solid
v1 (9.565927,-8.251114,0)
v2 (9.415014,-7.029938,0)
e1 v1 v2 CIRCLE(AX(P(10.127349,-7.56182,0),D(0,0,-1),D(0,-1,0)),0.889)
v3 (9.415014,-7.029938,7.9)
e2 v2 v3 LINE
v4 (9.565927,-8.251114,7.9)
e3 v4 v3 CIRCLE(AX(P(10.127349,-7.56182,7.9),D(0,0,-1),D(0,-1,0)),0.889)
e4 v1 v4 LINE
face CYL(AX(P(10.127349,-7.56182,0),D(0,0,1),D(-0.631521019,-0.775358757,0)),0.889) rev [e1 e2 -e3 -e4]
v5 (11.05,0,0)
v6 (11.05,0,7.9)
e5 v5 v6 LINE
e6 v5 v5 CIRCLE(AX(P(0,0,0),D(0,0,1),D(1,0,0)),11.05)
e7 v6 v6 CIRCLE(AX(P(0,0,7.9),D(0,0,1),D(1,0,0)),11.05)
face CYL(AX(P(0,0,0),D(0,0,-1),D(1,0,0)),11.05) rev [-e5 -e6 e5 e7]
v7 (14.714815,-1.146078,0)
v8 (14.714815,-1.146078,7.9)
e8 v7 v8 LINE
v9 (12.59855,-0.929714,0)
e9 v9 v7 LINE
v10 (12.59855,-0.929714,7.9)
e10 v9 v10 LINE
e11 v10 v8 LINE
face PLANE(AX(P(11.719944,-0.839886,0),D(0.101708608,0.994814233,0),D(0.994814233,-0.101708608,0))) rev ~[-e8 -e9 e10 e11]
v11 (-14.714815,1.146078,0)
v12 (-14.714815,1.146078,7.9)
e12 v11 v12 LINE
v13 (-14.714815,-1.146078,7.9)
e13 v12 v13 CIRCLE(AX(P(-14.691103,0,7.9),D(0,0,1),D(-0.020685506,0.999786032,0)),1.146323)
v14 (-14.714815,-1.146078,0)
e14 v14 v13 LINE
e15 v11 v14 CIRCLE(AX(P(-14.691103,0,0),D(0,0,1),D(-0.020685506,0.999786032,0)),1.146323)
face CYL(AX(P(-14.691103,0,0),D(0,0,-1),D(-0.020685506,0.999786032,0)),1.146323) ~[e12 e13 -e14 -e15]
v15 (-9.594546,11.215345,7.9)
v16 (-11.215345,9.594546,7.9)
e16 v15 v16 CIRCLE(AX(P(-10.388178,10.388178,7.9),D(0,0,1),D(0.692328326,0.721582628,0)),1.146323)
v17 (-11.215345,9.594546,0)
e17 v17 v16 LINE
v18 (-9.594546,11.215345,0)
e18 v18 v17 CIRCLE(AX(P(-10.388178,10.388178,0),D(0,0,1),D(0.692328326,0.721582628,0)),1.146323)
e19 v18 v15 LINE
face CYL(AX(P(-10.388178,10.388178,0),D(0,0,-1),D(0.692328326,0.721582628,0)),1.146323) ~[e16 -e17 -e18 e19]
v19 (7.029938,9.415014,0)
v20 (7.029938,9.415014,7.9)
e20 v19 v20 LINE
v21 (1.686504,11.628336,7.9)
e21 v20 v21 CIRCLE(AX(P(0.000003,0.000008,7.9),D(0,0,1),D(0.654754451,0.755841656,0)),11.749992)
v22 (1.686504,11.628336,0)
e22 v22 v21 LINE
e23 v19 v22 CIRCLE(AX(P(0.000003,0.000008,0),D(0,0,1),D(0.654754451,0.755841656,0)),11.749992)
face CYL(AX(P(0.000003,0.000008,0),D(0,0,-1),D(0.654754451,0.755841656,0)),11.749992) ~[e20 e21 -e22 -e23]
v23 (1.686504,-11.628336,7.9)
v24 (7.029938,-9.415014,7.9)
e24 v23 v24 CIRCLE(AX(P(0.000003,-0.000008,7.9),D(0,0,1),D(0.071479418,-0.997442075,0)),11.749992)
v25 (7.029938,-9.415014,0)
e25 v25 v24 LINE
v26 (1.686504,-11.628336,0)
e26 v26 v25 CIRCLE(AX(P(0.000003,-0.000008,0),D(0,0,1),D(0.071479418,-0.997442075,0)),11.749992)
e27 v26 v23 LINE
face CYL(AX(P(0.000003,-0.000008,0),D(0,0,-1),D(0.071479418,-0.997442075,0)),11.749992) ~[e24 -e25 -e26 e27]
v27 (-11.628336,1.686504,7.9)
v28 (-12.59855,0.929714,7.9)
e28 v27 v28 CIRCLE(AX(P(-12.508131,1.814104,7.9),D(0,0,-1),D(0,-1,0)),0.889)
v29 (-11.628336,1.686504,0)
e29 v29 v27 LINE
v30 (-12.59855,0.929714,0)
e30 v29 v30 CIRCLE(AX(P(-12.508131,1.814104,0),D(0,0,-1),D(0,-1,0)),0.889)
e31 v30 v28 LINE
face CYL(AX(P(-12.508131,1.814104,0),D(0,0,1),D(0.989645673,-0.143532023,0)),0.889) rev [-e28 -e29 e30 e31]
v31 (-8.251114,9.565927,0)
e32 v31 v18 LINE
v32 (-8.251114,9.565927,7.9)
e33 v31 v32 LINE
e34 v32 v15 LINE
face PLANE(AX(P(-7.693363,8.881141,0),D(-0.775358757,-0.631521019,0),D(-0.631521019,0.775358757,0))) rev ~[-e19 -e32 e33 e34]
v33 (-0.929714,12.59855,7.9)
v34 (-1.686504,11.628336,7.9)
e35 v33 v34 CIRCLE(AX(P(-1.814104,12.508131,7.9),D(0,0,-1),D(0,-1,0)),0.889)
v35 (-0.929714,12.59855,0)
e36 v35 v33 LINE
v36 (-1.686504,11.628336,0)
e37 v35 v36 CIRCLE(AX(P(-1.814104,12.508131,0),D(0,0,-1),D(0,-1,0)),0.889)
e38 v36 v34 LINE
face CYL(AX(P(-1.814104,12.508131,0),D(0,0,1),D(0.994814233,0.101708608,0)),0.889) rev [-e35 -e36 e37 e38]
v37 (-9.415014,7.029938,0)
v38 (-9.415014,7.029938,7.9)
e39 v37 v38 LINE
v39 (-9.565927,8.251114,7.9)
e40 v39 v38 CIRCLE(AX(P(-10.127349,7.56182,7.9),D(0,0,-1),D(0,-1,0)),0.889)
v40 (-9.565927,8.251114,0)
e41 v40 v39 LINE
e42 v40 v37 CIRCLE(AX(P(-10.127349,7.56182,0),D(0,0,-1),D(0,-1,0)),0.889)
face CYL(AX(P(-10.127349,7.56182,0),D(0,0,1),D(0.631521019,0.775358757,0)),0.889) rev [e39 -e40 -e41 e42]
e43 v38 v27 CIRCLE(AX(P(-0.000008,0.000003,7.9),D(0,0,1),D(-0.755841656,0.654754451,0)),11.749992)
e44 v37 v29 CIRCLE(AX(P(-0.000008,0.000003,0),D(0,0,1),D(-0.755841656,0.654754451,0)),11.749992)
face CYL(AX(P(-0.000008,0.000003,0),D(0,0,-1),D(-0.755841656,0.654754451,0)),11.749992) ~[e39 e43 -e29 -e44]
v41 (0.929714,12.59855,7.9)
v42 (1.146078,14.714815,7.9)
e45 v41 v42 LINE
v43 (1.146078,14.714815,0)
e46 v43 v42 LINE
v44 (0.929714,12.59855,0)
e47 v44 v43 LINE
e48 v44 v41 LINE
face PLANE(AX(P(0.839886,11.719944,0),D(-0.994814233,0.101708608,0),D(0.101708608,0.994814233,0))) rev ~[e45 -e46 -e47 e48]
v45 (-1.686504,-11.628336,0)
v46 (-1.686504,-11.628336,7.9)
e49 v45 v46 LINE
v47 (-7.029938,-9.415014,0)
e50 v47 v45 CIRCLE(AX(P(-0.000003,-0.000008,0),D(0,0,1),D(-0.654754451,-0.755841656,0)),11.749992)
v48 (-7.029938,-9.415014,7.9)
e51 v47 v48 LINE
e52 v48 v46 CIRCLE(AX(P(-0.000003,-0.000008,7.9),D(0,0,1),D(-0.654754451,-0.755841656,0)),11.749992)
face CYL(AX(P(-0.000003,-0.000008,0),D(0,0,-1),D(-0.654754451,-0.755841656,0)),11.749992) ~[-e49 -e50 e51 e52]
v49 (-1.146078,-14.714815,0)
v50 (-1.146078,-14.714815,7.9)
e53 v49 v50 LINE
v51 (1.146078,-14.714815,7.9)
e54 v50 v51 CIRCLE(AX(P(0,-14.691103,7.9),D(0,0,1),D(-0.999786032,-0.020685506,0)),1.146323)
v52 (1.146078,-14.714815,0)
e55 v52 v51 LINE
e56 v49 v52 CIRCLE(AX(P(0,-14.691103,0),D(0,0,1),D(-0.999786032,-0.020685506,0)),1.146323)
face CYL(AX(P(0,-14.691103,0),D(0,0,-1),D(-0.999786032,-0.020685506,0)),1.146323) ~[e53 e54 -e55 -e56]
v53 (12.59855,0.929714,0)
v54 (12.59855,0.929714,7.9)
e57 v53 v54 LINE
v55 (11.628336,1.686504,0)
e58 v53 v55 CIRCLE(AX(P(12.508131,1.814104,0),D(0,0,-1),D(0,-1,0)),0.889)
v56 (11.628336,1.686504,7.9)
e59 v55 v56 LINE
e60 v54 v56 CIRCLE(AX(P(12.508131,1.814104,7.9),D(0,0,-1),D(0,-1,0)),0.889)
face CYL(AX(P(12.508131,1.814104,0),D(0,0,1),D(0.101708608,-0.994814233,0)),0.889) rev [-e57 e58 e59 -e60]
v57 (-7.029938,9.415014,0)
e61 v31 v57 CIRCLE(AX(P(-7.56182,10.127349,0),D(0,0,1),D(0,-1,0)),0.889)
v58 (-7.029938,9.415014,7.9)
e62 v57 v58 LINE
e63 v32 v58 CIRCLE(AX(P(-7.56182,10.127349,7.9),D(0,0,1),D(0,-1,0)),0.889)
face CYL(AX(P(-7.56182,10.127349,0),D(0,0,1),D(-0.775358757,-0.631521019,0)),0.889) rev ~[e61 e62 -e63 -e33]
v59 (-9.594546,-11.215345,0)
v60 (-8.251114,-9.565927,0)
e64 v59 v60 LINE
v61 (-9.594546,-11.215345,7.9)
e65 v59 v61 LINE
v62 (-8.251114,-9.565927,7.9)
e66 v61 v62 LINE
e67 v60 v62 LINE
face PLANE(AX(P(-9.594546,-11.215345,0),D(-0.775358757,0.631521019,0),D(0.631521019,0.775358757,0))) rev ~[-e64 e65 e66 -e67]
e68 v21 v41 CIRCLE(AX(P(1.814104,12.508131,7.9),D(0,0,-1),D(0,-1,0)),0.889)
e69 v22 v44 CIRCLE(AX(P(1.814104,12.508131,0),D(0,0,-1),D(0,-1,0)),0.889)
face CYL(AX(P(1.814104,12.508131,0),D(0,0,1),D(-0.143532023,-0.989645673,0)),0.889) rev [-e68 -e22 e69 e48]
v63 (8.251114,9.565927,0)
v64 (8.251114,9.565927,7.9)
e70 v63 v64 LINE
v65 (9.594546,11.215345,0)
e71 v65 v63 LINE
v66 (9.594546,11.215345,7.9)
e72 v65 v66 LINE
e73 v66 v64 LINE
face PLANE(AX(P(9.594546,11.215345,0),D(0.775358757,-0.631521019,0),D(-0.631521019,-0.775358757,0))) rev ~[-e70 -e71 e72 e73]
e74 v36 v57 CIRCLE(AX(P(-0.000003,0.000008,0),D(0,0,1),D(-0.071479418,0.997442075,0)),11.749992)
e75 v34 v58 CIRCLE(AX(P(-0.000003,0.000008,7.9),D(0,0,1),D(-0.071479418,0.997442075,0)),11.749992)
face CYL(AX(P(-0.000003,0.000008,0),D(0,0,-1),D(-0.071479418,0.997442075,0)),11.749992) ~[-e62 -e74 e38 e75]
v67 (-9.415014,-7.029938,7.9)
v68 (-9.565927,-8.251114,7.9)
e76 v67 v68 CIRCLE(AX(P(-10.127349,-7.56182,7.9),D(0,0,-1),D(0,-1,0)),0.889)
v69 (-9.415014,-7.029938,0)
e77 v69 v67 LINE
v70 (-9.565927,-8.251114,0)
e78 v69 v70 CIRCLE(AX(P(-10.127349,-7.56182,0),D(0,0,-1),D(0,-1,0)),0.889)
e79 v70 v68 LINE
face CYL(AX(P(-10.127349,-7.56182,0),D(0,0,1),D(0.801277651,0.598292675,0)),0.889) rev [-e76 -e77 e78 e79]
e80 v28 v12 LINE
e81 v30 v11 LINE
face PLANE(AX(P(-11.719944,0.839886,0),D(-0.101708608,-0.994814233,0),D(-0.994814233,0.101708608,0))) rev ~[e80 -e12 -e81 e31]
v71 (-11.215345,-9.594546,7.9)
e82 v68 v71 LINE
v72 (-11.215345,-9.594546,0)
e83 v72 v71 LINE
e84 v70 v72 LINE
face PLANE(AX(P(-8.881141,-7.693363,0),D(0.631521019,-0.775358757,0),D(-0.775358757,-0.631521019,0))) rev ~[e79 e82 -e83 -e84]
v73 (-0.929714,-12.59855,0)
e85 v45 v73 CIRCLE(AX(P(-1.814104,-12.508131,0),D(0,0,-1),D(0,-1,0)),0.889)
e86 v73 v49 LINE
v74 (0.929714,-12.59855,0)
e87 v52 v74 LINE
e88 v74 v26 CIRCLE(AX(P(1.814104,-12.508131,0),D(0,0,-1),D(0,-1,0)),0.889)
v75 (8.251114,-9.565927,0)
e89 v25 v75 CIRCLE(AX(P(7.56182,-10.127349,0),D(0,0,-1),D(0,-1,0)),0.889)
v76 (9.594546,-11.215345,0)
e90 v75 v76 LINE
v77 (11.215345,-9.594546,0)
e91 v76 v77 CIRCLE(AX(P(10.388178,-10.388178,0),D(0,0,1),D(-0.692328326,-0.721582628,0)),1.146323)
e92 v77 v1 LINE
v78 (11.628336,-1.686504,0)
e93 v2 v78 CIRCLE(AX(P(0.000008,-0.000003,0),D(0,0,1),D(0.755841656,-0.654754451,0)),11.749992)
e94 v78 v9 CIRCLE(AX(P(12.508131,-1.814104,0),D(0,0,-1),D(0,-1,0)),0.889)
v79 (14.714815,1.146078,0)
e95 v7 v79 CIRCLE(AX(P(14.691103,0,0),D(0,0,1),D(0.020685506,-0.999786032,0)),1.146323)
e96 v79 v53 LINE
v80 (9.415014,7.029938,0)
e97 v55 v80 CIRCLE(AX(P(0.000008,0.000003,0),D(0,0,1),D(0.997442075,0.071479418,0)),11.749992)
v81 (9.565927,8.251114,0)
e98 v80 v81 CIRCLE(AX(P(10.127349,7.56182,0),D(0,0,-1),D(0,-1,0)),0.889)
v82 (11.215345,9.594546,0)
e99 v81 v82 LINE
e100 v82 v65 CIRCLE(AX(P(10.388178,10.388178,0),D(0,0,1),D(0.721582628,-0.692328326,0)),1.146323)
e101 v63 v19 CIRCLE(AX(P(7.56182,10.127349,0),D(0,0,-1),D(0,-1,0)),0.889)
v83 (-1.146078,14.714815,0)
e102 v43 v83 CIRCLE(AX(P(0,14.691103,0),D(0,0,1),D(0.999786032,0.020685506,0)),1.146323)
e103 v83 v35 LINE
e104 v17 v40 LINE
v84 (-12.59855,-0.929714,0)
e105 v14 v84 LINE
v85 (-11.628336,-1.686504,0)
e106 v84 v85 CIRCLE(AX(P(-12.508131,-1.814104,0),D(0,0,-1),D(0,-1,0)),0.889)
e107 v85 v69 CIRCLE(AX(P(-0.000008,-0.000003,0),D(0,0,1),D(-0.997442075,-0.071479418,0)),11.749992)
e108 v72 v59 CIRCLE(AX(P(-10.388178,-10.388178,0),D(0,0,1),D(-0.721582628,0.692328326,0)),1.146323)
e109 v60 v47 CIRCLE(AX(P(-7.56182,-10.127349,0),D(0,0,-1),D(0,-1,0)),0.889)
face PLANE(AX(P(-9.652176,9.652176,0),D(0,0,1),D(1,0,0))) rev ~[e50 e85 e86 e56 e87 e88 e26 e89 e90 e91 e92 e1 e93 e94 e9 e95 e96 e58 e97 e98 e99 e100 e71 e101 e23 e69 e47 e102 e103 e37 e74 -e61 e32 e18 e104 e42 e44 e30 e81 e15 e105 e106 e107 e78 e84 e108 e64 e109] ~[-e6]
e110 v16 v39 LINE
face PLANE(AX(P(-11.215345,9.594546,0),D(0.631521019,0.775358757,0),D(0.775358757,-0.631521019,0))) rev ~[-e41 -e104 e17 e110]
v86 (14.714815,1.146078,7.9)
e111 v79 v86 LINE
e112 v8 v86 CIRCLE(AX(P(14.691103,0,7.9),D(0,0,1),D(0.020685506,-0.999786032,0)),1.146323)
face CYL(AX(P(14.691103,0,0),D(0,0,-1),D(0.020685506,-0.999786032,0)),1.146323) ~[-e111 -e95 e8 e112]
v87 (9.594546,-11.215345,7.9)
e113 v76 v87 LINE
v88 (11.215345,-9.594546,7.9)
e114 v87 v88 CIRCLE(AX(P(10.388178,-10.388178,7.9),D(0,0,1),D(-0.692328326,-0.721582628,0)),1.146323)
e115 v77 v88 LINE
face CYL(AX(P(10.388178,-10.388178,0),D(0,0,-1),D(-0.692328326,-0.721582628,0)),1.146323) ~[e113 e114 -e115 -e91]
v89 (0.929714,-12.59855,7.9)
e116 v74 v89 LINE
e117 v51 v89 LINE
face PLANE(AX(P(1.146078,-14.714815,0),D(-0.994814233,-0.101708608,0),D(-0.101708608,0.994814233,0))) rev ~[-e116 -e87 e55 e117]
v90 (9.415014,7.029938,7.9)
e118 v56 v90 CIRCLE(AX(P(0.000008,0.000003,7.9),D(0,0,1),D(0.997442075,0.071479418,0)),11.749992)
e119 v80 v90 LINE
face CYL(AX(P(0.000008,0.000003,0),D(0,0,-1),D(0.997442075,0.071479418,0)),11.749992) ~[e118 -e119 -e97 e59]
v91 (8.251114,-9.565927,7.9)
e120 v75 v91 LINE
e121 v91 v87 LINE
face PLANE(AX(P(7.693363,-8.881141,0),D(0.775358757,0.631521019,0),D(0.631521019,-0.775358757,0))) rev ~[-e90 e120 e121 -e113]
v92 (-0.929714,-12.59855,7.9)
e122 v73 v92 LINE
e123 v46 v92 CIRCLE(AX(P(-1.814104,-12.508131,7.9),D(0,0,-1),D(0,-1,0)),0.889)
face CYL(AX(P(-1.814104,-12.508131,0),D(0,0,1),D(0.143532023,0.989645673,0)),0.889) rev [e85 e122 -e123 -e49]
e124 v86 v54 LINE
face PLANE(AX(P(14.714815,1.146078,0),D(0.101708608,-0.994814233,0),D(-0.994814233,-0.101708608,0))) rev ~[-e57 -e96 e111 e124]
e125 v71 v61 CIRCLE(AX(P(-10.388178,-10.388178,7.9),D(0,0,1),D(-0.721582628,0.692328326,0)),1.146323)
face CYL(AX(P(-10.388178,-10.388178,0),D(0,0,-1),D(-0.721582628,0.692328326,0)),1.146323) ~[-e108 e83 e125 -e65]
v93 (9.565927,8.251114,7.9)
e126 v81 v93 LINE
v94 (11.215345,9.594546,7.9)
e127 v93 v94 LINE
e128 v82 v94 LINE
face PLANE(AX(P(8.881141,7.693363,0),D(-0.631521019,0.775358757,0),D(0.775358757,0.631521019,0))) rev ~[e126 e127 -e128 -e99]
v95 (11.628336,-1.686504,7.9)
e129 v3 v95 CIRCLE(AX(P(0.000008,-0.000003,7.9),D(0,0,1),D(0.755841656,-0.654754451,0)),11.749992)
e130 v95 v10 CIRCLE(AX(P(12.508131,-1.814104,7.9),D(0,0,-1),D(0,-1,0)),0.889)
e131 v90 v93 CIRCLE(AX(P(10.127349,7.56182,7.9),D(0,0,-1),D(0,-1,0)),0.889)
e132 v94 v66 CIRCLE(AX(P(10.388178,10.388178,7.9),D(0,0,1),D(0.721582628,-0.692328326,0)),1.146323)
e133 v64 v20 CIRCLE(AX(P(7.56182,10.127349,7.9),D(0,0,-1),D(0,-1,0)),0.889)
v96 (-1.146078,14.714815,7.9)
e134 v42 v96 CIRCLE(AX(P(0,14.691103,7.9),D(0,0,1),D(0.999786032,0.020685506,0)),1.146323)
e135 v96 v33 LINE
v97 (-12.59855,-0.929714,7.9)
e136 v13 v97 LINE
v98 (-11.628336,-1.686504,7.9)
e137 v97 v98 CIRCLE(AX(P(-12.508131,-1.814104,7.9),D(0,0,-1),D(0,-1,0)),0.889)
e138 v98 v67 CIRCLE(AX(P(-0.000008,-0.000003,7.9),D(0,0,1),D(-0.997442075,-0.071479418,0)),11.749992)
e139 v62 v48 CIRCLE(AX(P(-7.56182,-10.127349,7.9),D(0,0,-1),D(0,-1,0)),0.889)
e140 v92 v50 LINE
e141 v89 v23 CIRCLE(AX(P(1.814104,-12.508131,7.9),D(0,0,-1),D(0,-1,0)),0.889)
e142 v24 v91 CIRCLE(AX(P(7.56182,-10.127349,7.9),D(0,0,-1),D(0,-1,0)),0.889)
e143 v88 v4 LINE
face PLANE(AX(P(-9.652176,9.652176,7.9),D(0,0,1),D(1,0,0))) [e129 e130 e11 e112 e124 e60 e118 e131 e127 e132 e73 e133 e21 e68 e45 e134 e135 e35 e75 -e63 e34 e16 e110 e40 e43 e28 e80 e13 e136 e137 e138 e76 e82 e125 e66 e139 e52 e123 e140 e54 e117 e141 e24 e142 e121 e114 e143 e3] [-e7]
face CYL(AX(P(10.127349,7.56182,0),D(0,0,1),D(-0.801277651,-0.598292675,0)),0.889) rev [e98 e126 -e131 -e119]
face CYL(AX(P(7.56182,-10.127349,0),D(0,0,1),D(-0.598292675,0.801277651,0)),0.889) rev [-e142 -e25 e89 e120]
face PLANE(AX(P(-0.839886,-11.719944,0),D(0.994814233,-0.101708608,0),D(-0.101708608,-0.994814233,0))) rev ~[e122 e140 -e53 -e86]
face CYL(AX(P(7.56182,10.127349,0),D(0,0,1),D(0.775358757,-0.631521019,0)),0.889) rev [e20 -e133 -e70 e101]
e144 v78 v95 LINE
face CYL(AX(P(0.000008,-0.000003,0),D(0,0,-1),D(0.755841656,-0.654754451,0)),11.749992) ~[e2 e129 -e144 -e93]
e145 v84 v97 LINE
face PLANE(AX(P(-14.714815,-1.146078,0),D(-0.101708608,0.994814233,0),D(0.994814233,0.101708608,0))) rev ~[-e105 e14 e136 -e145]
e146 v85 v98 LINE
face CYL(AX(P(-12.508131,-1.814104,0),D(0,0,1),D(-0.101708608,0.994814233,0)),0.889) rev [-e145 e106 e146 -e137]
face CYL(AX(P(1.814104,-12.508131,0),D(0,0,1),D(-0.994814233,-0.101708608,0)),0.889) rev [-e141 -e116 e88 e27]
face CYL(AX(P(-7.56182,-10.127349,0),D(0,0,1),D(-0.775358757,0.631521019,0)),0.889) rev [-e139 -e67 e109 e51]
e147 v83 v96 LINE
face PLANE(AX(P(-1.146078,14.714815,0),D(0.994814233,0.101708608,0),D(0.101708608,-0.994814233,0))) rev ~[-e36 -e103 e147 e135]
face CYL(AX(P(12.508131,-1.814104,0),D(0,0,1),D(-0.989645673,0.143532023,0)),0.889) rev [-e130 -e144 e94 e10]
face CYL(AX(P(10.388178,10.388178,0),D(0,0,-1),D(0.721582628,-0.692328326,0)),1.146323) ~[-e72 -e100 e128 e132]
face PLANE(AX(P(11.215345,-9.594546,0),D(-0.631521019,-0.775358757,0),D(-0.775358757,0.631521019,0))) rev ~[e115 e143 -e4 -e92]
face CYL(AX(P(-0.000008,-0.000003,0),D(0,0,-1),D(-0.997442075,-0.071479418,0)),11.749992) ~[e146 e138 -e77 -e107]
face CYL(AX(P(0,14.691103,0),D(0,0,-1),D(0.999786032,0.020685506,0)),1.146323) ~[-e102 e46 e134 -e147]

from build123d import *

# Parameters (mm, degrees)
F0_R     = 11.05
F1_DEPTH = 7.9
F2_R     = 0.889


with BuildPart() as f1:
    # F0 (on Top) → F1 (new body)
    with BuildSketch(Plane.XY):
        with BuildLine():
            ThreePointArc((-8.881141, 7.693363), (-8.308505, 8.308505), (-7.693363, 8.881141))
            Line((-7.693363, 8.881141), (-9.594546, 11.215345))
            ThreePointArc((-9.594546, 11.215345), (-11.198751, 11.198751), (-11.215345, 9.594546))
            Line((-11.215345, 9.594546), (-8.881141, 7.693363))
        make_face()
        with BuildLine():
            ThreePointArc((11.719944, -0.839886), (11.742484, -0.420212), (11.75, 0))
            ThreePointArc((11.75, 0), (11.742484, 0.420212), (11.719944, 0.839886))
            ThreePointArc((11.719944, 0.839886), (10.855585, 4.49653), (8.881141, 7.693363))
            ThreePointArc((8.881141, 7.693363), (8.308505, 8.308505), (7.693363, 8.881141))
            ThreePointArc((7.693363, 8.881141), (4.49653, 10.855585), (0.839886, 11.719944))
            ThreePointArc((0.839886, 11.719944), (0, 11.75), (-0.839886, 11.719944))
            ThreePointArc((-0.839886, 11.719944), (-4.49653, 10.855585), (-7.693363, 8.881141))
            ThreePointArc((-7.693363, 8.881141), (-8.308505, 8.308505), (-8.881141, 7.693363))
            ThreePointArc((-8.881141, 7.693363), (-10.855585, 4.49653), (-11.719944, 0.839886))
            ThreePointArc((-11.719944, 0.839886), (-11.75, 0), (-11.719944, -0.839886))
            ThreePointArc((-11.719944, -0.839886), (-10.855585, -4.49653), (-8.881141, -7.693363))
            ThreePointArc((-8.881141, -7.693363), (-8.308505, -8.308505), (-7.693363, -8.881141))
            ThreePointArc((-7.693363, -8.881141), (-4.49653, -10.855585), (-0.839886, -11.719944))
            ThreePointArc((-0.839886, -11.719944), (0, -11.75), (0.839886, -11.719944))
            ThreePointArc((0.839886, -11.719944), (4.49653, -10.855585), (7.693363, -8.881141))
            ThreePointArc((7.693363, -8.881141), (8.308505, -8.308505), (8.881141, -7.693363))
            ThreePointArc((8.881141, -7.693363), (10.855585, -4.49653), (11.719944, -0.839886))
        make_face()
        Circle(F0_R, mode=Mode.SUBTRACT)
        with BuildLine():
            ThreePointArc((-0.839886, 11.719944), (0, 11.75), (0.839886, 11.719944))
            Line((0.839886, 11.719944), (1.146078, 14.714815))
            ThreePointArc((1.146078, 14.714815), (0, 15.837426), (-1.146078, 14.714815))
            Line((-1.146078, 14.714815), (-0.839886, 11.719944))
        make_face()
        with BuildLine():
            ThreePointArc((7.693363, 8.881141), (8.308505, 8.308505), (8.881141, 7.693363))
            Line((8.881141, 7.693363), (11.215345, 9.594546))
            ThreePointArc((11.215345, 9.594546), (11.198751, 11.198751), (9.594546, 11.215345))
            Line((9.594546, 11.215345), (7.693363, 8.881141))
        make_face()
        with BuildLine():
            ThreePointArc((11.719944, 0.839886), (11.742484, 0.420212), (11.75, 0))
            ThreePointArc((11.75, 0), (11.742484, -0.420212), (11.719944, -0.839886))
            Line((11.719944, -0.839886), (14.714815, -1.146078))
            ThreePointArc((14.714815, -1.146078), (15.837426, 0), (14.714815, 1.146078))
            Line((14.714815, 1.146078), (11.719944, 0.839886))
        make_face()
        with BuildLine():
            Line((11.215345, -9.594546), (8.881141, -7.693363))
            ThreePointArc((8.881141, -7.693363), (8.308505, -8.308505), (7.693363, -8.881141))
            Line((7.693363, -8.881141), (9.594546, -11.215345))
            ThreePointArc((9.594546, -11.215345), (11.198751, -11.198751), (11.215345, -9.594546))
        make_face()
        with BuildLine():
            Line((1.146078, -14.714815), (0.839886, -11.719944))
            ThreePointArc((0.839886, -11.719944), (0, -11.75), (-0.839886, -11.719944))
            Line((-0.839886, -11.719944), (-1.146078, -14.714815))
            ThreePointArc((-1.146078, -14.714815), (0, -15.837426), (1.146078, -14.714815))
        make_face()
        with BuildLine():
            Line((-9.594546, -11.215345), (-7.693363, -8.881141))
            ThreePointArc((-7.693363, -8.881141), (-8.308505, -8.308505), (-8.881141, -7.693363))
            Line((-8.881141, -7.693363), (-11.215345, -9.594546))
            ThreePointArc((-11.215345, -9.594546), (-11.198751, -11.198751), (-9.594546, -11.215345))
        make_face()
        with BuildLine():
            ThreePointArc((-11.719944, -0.839886), (-11.75, 0), (-11.719944, 0.839886))
            Line((-11.719944, 0.839886), (-14.714815, 1.146078))
            ThreePointArc((-14.714815, 1.146078), (-15.837426, 0), (-14.714815, -1.146078))
            Line((-14.714815, -1.146078), (-11.719944, -0.839886))
        make_face()
    extrude(amount=F1_DEPTH)

    # F2
    f2_edges = [f1.edges().sort_by_distance(p)[0] for p in [
        (-8.881141, -7.693363, 3.95),
        (-11.719944, -0.839886, 3.95),
        (-7.693363, -8.881141, 3.95),
        (-0.839886, -11.719944, 3.95),
        (7.693363, -8.881141, 3.95),
        (0.839886, -11.719944, 3.95),
        (8.881141, -7.693363, 3.95),
        (11.719944, -0.839886, 3.95),
        (11.719944, 0.839886, 3.95),
        (8.881141, 7.693363, 3.95),
        (0.839886, 11.719944, 3.95),
        (7.693363, 8.881141, 3.95),
        (-0.839886, 11.719944, 3.95),
        (-7.693363, 8.881141, 3.95),
        (-8.881141, 7.693363, 3.95),
        (-11.719944, 0.839886, 3.95),
    ]]
    fillet(f2_edges, radius=F2_R)


solid = f1.part
